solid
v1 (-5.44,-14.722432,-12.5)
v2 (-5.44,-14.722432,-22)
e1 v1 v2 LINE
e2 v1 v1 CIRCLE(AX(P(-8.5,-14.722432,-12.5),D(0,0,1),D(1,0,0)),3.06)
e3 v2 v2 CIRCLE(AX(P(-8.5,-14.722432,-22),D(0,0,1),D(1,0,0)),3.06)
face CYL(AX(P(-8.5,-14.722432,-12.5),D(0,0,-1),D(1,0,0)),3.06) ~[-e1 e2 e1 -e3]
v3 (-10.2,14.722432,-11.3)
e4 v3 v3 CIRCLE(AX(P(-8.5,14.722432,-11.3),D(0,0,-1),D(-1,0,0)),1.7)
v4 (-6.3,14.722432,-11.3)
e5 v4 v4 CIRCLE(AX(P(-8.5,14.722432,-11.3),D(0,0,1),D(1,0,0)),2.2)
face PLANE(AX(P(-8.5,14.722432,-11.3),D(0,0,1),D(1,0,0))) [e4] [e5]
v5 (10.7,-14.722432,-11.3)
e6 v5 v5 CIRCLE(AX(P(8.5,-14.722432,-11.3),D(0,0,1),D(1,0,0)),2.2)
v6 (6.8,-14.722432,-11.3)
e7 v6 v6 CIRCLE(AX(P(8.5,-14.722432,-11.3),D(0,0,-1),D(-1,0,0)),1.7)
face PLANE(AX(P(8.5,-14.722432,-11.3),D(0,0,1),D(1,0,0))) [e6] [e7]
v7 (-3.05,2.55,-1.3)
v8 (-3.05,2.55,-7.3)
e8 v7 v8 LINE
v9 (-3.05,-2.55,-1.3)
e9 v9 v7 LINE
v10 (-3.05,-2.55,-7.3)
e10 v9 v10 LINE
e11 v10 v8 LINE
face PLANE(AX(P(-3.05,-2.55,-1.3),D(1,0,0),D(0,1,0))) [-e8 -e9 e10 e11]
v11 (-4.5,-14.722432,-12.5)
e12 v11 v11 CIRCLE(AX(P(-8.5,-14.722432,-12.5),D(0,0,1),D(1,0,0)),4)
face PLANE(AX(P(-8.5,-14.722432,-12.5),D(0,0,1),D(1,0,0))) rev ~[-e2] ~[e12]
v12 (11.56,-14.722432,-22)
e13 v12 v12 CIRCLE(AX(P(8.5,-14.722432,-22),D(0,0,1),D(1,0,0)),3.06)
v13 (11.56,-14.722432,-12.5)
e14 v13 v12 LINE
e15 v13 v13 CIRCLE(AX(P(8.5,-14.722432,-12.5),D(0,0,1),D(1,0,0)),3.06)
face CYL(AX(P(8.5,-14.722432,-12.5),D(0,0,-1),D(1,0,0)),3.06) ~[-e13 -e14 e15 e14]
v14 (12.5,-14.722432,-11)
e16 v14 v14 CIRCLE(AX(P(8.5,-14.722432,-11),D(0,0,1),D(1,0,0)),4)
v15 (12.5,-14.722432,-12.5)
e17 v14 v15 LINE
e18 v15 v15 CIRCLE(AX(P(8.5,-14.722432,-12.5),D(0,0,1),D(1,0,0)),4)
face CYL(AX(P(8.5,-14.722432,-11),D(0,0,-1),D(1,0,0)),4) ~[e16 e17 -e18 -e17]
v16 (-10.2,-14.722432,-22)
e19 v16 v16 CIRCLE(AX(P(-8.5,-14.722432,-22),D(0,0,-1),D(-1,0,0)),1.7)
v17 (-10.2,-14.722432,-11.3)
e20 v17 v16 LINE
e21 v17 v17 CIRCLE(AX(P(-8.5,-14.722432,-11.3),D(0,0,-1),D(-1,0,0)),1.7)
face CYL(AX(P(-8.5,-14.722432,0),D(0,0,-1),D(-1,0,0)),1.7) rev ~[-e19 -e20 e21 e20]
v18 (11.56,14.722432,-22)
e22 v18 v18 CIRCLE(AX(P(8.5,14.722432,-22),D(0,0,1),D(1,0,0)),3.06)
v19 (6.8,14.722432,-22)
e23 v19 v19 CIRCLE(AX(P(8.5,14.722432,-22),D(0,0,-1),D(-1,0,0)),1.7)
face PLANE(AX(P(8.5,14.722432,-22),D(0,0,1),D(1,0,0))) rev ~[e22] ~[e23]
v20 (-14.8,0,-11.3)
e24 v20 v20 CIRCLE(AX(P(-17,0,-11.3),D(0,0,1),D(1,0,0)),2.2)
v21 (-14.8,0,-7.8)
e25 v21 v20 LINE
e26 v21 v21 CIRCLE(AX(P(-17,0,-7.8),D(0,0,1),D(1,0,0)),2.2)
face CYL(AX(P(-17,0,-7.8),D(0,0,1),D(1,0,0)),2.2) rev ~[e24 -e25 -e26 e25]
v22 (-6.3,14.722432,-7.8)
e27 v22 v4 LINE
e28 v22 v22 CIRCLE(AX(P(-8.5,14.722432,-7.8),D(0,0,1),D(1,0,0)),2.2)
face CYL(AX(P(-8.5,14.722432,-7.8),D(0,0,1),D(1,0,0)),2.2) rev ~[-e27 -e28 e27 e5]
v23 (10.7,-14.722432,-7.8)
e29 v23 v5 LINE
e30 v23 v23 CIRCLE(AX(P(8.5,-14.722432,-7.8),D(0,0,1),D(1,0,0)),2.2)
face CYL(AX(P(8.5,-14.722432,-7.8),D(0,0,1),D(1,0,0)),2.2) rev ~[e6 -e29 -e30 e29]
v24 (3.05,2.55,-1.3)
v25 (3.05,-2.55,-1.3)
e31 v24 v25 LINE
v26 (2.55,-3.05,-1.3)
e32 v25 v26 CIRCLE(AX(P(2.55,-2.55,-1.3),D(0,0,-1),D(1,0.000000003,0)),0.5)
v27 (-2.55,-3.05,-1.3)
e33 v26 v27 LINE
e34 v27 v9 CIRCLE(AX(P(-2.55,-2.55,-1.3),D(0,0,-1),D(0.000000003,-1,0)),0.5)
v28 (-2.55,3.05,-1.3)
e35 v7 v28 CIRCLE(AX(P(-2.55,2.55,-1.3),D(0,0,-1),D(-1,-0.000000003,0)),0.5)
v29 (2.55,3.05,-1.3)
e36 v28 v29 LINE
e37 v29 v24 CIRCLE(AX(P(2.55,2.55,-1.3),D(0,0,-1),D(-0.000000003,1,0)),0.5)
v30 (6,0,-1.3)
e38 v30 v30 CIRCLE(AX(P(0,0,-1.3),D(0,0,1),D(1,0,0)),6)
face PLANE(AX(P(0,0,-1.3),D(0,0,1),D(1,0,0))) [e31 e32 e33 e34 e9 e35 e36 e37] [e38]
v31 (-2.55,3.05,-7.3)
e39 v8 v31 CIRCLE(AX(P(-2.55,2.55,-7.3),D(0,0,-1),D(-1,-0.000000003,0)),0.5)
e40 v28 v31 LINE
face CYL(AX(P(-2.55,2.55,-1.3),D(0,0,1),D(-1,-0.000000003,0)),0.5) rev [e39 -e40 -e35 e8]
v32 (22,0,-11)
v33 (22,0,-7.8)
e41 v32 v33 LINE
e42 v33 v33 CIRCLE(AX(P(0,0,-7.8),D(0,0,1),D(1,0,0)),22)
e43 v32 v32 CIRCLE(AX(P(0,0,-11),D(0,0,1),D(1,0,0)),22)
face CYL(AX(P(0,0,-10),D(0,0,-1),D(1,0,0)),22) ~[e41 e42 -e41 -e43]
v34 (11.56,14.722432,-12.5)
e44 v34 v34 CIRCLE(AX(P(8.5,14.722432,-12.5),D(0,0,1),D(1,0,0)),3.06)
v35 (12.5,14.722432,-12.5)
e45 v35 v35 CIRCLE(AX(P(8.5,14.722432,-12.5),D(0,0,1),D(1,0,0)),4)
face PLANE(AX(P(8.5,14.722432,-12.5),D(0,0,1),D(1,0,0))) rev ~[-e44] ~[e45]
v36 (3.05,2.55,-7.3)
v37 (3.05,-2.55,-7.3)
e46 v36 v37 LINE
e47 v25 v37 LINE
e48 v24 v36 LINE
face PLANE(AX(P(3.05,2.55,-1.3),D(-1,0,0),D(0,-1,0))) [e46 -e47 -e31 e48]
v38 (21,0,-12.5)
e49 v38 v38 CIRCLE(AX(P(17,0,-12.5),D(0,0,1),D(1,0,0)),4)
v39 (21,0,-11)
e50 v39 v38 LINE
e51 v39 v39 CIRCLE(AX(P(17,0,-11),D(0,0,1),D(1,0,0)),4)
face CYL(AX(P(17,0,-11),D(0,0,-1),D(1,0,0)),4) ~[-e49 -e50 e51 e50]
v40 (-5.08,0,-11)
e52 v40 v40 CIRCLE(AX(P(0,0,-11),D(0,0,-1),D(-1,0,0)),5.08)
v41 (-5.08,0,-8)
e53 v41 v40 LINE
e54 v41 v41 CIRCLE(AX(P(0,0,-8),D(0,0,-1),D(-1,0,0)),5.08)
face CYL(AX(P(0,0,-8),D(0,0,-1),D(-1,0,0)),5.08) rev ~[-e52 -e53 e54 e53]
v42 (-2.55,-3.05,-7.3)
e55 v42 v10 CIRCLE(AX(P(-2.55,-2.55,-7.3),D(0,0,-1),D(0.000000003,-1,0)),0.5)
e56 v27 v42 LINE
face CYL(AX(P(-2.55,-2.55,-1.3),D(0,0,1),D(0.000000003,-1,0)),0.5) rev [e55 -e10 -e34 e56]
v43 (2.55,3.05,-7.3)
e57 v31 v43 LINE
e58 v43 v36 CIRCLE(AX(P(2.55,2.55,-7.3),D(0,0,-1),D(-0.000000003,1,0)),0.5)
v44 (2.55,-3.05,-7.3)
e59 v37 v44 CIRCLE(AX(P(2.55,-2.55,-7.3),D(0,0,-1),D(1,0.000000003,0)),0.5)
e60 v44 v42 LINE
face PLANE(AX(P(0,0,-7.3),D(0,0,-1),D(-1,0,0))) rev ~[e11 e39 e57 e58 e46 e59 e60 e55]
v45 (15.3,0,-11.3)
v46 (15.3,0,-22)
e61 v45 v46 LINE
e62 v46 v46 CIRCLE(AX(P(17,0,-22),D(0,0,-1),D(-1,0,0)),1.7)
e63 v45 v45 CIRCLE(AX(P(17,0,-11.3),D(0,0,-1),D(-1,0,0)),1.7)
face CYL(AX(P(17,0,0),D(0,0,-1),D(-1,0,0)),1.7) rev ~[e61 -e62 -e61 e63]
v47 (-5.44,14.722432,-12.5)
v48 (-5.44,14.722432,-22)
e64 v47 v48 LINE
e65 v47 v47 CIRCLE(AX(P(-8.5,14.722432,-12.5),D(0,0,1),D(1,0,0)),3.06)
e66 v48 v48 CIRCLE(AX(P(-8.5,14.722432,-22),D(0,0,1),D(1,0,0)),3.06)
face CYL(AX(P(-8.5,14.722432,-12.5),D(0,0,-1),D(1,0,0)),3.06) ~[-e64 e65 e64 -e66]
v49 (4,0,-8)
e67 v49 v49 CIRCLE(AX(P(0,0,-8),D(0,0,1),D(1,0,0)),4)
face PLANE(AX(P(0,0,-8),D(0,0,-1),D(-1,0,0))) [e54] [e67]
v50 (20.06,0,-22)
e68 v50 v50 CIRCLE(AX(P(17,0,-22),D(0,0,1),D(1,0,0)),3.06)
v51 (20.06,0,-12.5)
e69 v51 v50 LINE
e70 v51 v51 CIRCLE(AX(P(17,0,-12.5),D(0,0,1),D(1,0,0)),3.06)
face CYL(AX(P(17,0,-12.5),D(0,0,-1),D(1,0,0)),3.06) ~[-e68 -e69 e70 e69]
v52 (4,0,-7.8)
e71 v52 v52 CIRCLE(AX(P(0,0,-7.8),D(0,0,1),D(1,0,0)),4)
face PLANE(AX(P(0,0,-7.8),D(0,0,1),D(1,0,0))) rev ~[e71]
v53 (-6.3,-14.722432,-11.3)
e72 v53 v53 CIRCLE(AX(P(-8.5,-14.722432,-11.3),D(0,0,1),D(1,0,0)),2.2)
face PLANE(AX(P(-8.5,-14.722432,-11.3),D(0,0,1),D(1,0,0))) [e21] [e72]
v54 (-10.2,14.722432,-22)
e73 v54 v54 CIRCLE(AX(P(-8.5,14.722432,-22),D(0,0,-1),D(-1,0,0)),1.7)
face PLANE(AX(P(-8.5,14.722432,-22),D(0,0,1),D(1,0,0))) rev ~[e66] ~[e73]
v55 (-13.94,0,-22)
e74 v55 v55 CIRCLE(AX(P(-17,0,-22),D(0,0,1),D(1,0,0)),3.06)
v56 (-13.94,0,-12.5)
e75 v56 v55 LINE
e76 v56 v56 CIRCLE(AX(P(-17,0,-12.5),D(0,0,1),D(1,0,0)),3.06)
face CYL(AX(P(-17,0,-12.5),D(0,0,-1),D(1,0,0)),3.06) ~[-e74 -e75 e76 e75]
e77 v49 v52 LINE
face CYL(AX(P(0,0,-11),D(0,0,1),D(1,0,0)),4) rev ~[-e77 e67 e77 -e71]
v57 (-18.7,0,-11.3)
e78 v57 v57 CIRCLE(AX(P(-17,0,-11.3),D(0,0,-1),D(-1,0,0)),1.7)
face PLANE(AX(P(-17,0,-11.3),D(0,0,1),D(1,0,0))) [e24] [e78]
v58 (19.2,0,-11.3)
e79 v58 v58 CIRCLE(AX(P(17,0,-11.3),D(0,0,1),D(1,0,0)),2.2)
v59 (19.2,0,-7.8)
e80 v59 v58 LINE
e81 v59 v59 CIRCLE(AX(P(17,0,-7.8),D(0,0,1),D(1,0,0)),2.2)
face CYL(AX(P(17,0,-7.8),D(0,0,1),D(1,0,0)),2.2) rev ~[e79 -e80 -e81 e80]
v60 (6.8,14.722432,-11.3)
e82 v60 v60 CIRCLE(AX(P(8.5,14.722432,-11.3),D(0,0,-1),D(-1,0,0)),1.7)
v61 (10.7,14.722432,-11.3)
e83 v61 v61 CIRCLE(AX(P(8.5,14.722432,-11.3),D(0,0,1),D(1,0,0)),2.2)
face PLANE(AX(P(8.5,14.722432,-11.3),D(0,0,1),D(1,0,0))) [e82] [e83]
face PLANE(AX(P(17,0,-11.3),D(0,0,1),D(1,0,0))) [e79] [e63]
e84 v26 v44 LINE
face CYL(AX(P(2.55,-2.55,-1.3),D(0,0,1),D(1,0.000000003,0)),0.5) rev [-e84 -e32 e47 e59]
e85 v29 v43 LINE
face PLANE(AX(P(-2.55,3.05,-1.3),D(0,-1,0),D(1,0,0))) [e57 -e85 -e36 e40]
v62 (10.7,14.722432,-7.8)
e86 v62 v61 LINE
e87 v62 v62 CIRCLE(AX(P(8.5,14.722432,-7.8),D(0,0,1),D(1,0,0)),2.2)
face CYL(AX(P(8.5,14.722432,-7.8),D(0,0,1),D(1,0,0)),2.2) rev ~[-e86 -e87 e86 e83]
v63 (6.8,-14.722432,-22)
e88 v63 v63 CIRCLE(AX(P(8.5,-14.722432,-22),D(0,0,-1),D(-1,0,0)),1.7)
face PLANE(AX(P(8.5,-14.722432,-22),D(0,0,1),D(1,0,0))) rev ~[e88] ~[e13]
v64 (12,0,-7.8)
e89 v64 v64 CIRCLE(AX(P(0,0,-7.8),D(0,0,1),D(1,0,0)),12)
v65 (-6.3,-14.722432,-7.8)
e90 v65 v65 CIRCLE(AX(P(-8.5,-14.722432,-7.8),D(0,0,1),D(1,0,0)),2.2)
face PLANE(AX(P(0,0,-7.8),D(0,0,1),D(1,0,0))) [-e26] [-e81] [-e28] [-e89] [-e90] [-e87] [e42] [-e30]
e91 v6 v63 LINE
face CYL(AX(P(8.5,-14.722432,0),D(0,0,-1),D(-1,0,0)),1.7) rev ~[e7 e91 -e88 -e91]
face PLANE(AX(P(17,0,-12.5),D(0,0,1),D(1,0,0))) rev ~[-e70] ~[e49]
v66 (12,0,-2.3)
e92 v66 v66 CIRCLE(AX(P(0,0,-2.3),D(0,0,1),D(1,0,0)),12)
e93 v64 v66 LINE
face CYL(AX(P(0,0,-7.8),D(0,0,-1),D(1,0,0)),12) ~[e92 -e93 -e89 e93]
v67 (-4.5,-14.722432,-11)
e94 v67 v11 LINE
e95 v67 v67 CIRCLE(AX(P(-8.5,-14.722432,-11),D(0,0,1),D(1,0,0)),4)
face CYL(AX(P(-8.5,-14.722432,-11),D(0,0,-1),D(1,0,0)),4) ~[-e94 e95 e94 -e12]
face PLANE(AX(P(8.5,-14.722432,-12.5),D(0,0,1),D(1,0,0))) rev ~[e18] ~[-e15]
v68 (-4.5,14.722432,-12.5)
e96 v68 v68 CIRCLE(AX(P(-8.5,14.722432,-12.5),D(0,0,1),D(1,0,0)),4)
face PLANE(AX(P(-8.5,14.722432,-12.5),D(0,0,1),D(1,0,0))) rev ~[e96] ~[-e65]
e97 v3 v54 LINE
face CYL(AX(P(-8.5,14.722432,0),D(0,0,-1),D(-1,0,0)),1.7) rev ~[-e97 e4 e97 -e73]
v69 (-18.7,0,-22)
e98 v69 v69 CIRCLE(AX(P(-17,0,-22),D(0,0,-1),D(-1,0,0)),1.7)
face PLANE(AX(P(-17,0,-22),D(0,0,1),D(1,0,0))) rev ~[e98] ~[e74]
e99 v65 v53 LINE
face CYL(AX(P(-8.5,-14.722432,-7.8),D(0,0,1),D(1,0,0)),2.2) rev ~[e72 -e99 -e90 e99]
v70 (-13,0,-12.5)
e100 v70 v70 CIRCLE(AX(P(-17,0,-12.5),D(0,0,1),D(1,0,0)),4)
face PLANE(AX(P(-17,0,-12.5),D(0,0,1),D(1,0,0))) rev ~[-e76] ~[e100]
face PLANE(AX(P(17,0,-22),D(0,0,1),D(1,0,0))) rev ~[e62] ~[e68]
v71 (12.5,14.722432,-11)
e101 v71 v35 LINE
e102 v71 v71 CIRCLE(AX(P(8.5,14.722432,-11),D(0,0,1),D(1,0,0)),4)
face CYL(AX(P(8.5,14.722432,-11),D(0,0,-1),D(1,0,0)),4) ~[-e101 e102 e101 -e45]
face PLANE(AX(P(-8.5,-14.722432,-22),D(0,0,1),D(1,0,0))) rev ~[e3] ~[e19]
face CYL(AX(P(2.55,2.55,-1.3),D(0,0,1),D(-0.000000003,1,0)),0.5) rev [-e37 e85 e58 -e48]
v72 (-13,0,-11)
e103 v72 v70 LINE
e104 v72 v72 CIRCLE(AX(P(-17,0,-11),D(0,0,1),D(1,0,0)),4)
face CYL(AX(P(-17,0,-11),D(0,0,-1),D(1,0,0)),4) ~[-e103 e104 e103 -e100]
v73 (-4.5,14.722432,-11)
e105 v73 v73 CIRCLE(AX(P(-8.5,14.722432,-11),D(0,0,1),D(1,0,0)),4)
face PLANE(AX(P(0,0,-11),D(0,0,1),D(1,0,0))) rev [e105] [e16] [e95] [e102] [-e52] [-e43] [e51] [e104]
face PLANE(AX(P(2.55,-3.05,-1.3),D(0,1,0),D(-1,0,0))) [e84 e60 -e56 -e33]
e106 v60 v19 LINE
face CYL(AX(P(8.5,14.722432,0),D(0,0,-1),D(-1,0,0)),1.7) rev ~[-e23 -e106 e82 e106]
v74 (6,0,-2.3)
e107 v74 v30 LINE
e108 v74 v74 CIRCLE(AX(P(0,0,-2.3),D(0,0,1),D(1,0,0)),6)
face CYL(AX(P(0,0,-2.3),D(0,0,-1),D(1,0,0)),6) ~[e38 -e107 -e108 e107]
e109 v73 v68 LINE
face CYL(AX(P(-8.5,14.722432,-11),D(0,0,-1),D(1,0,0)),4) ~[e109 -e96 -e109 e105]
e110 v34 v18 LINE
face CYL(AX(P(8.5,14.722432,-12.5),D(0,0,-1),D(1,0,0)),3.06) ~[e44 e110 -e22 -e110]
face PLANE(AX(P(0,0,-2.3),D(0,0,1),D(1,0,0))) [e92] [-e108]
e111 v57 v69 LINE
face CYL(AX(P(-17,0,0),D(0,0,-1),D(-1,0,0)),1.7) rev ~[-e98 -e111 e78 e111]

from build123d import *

# Parameters (mm, degrees)
SKETCH_1_W                   = 22
SKETCH_1_H                   = 1
SKETCH_2_R                   = 22
EXTRUDE_1_DEPTH              = 10
HOLE_WIZARD_M3_1_D           = 3.4
HOLE_WIZARD_M3_1_DEPTH       = 11
HOLE_WIZARD_M3_1_CBORE_D     = 4.5
HOLE_WIZARD_M3_1_CBORE_DEPTH = 6
HOLE_WIZARD_1_D              = 8
HOLE_WIZARD_1_DEPTH          = 5
HOLE_WIZARD_1_CBORE_D        = 10.16
HOLE_WIZARD_1_CBORE_DEPTH    = 3
HOLE_WIZARD_M3_2_D           = 3.4
HOLE_WIZARD_M3_2_DEPTH       = 22
HOLE_WIZARD_M3_2_CBORE_D     = 6.1
HOLE_WIZARD_M3_2_CBORE_DEPTH = 3
SKETCH_16_R                  = 2.4
EXTRUDE_2_DEPTH              = 11
SKETCH_17_R                  = 22
CUT_EXTRUDE_2_DEPTH          = 7.8
SKETCH_18_R                  = 12
EXTRUDE_3_DEPTH              = 5.5
SKETCH_19_R                  = 6
EXTRUDE_4_DEPTH              = 1
CUT_EXTRUDE_3_DEPTH          = 6
SKETCH_21_R                  = 2.2
CUT_EXTRUDE_4_DEPTH          = 3.5


with BuildPart() as part:
    # 草图1 → 旋转1 (revolve)
    with BuildSketch(Plane(origin=(0, 0, 0), x_dir=(1, 0, 0), z_dir=(0, 1, 0))):
        with Locations((11, 10.5)):
            Rectangle(SKETCH_1_W, SKETCH_1_H)
    revolve(axis=Axis((0, 0, -11), (0, 0, 1)))

    # 草图2 → 凸台-拉伸1 (add)
    with BuildSketch(Plane.XY.offset(-10)):
        Circle(SKETCH_2_R)
    extrude(amount=EXTRUDE_1_DEPTH)

    # 草图3 → 旋转2 (revolve)
    with BuildSketch(Plane(origin=(0, -14.722431864, 0), x_dir=(1, 0, 0), z_dir=(0, 1, 0))):
        Polygon((11.56, 22), (8.5, 22), (8.5, 11), (12.5, 11), (12.5, 12.5), (11.56, 12.5), align=None)
    revolve(axis=Axis((8.5, -14.722431864, -22), (0, 0, 1)))

    # 草图4 → 旋转3 (revolve)
    with BuildSketch(Plane(origin=(0, -14.722431864, 0), x_dir=(1, 0, 0), z_dir=(0, 1, 0))):
        Polygon((-5.44, 22), (-8.5, 22), (-8.5, 11), (-4.5, 11), (-4.5, 12.5), (-5.44, 12.5), align=None)
    revolve(axis=Axis((-8.5, -14.722431864, -22), (0, 0, 1)))

    # 草图5 → 旋转4 (revolve)
    with BuildSketch(Plane(origin=(0, 0, 0), x_dir=(1, 0, 0), z_dir=(0, 1, 0))):
        Polygon((-13.94, 22), (-17, 22), (-17, 11), (-13, 11), (-13, 12.5), (-13.94, 12.5), align=None)
    revolve(axis=Axis((-17, 0, -22), (0, 0, 1)))

    # 草图6 → 旋转5 (revolve)
    with BuildSketch(Plane(origin=(0, 14.722431864, 0), x_dir=(1, 0, 0), z_dir=(0, 1, 0))):
        Polygon((-5.44, 22), (-8.5, 22), (-8.5, 11), (-4.5, 11), (-4.5, 12.5), (-5.44, 12.5), align=None)
    revolve(axis=Axis((-8.5, 14.722431864, -22), (0, 0, 1)))

    # 草图7 → 旋转6 (revolve)
    with BuildSketch(Plane(origin=(0, 14.722431864, 0), x_dir=(1, 0, 0), z_dir=(0, 1, 0))):
        Polygon((11.56, 22), (8.5, 22), (8.5, 11), (12.5, 11), (12.5, 12.5), (11.56, 12.5), align=None)
    revolve(axis=Axis((8.5, 14.722431864, -22), (0, 0, 1)))

    # 草图8 → 旋转7 (revolve)
    with BuildSketch(Plane(origin=(0, 0, 0), x_dir=(1, 0, 0), z_dir=(0, 1, 0))):
        Polygon((20.06, 22), (17, 22), (17, 11), (21, 11), (21, 12.5), (20.06, 12.5), align=None)
    revolve(axis=Axis((17, 0, -22), (0, 0, 1)))

    # M3 六角头机械螺钉的柱形沉头孔1
    with Locations(Plane(origin=(0, 0, -11), x_dir=(-1, 0, 0), z_dir=(0, 0, -1))):
        with Locations((15.588457268, 9), (0, 18), (-15.588457268, 9), (-15.588457268, -9), (0, -18), (15.588457268, -9)):
            CounterBoreHole(HOLE_WIZARD_M3_1_D / 2, HOLE_WIZARD_M3_1_CBORE_D / 2, HOLE_WIZARD_M3_1_CBORE_DEPTH, depth=HOLE_WIZARD_M3_1_DEPTH)

    # 孔1
    with Locations(Plane(origin=(0, 0, -11), x_dir=(-1, 0, 0), z_dir=(0, 0, -1))):
        with Locations((0, 0)):
            CounterBoreHole(HOLE_WIZARD_1_D / 2, HOLE_WIZARD_1_CBORE_D / 2, HOLE_WIZARD_1_CBORE_DEPTH, depth=HOLE_WIZARD_1_DEPTH)

    # M3 六角头机械螺钉的柱形沉头孔2
    with Locations(Plane.XY):
        with Locations((8.5, -14.722431864), (-8.5, -14.722431864), (-17, 0), (-8.5, 14.722431864), (8.5, 14.722431864), (17, 0)):
            CounterBoreHole(HOLE_WIZARD_M3_2_D / 2, HOLE_WIZARD_M3_2_CBORE_D / 2, HOLE_WIZARD_M3_2_CBORE_DEPTH, depth=HOLE_WIZARD_M3_2_DEPTH)

    # 草图16 → 凸台-拉伸2 (add)
    with BuildSketch(Plane.XY):
        with Locations((-15.588457268, 9)):
            Circle(SKETCH_16_R)
        with Locations((0, 18)):
            Circle(SKETCH_16_R)
        with Locations((15.588457268, 9)):
            Circle(SKETCH_16_R)
        with Locations((15.588457268, -9)):
            Circle(SKETCH_16_R)
        with Locations((0, -18)):
            Circle(SKETCH_16_R)
        with Locations((-15.588457268, -9)):
            Circle(SKETCH_16_R)
    extrude(amount=-EXTRUDE_2_DEPTH)

    # 草图17 → 切除-拉伸2 (cut)
    with BuildSketch(Plane.XY):
        Circle(SKETCH_17_R)
    extrude(amount=-CUT_EXTRUDE_2_DEPTH, mode=Mode.SUBTRACT)

    # 草图18 → 凸台-拉伸3 (add)
    with BuildSketch(Plane.XY.offset(-7.8)):
        Circle(SKETCH_18_R)
    extrude(amount=EXTRUDE_3_DEPTH)

    # 草图19 → 凸台-拉伸4 (add)
    with BuildSketch(Plane.XY.offset(-2.3)):
        Circle(SKETCH_19_R)
    extrude(amount=EXTRUDE_4_DEPTH)

    # 草图20 → 切除-拉伸3 (cut)
    with BuildSketch(Plane.XY.offset(-1.3)):
        with BuildLine():
            Line((-2.55, 3.05), (2.55, 3.05))
            ThreePointArc((2.55, 3.05), (2.903553391, 2.903553391), (3.05, 2.55))
            Line((3.05, 2.55), (3.05, -2.55))
            ThreePointArc((3.05, -2.55), (2.903553391, -2.903553391), (2.55, -3.05))
            Line((2.55, -3.05), (-2.55, -3.05))
            ThreePointArc((-2.55, -3.05), (-2.903553391, -2.903553391), (-3.05, -2.55))
            Line((-3.05, -2.55), (-3.05, 2.55))
            ThreePointArc((-3.05, 2.55), (-2.903553391, 2.903553391), (-2.55, 3.05))
        make_face()
    extrude(amount=-CUT_EXTRUDE_3_DEPTH, mode=Mode.SUBTRACT)

    # 草图21 → 切除-拉伸4 (cut)
    with BuildSketch(Plane.XY.offset(-7.8)):
        with Locations((-8.5, -14.722431864)):
            Circle(SKETCH_21_R)
        with Locations((-17, 0)):
            Circle(SKETCH_21_R)
        with Locations((-8.5, 14.722431864)):
            Circle(SKETCH_21_R)
        with Locations((8.5, 14.722431864)):
            Circle(SKETCH_21_R)
        with Locations((17, 0)):
            Circle(SKETCH_21_R)
        with Locations((8.5, -14.722431864)):
            Circle(SKETCH_21_R)
    extrude(amount=-CUT_EXTRUDE_4_DEPTH, mode=Mode.SUBTRACT)


solid = part.part
